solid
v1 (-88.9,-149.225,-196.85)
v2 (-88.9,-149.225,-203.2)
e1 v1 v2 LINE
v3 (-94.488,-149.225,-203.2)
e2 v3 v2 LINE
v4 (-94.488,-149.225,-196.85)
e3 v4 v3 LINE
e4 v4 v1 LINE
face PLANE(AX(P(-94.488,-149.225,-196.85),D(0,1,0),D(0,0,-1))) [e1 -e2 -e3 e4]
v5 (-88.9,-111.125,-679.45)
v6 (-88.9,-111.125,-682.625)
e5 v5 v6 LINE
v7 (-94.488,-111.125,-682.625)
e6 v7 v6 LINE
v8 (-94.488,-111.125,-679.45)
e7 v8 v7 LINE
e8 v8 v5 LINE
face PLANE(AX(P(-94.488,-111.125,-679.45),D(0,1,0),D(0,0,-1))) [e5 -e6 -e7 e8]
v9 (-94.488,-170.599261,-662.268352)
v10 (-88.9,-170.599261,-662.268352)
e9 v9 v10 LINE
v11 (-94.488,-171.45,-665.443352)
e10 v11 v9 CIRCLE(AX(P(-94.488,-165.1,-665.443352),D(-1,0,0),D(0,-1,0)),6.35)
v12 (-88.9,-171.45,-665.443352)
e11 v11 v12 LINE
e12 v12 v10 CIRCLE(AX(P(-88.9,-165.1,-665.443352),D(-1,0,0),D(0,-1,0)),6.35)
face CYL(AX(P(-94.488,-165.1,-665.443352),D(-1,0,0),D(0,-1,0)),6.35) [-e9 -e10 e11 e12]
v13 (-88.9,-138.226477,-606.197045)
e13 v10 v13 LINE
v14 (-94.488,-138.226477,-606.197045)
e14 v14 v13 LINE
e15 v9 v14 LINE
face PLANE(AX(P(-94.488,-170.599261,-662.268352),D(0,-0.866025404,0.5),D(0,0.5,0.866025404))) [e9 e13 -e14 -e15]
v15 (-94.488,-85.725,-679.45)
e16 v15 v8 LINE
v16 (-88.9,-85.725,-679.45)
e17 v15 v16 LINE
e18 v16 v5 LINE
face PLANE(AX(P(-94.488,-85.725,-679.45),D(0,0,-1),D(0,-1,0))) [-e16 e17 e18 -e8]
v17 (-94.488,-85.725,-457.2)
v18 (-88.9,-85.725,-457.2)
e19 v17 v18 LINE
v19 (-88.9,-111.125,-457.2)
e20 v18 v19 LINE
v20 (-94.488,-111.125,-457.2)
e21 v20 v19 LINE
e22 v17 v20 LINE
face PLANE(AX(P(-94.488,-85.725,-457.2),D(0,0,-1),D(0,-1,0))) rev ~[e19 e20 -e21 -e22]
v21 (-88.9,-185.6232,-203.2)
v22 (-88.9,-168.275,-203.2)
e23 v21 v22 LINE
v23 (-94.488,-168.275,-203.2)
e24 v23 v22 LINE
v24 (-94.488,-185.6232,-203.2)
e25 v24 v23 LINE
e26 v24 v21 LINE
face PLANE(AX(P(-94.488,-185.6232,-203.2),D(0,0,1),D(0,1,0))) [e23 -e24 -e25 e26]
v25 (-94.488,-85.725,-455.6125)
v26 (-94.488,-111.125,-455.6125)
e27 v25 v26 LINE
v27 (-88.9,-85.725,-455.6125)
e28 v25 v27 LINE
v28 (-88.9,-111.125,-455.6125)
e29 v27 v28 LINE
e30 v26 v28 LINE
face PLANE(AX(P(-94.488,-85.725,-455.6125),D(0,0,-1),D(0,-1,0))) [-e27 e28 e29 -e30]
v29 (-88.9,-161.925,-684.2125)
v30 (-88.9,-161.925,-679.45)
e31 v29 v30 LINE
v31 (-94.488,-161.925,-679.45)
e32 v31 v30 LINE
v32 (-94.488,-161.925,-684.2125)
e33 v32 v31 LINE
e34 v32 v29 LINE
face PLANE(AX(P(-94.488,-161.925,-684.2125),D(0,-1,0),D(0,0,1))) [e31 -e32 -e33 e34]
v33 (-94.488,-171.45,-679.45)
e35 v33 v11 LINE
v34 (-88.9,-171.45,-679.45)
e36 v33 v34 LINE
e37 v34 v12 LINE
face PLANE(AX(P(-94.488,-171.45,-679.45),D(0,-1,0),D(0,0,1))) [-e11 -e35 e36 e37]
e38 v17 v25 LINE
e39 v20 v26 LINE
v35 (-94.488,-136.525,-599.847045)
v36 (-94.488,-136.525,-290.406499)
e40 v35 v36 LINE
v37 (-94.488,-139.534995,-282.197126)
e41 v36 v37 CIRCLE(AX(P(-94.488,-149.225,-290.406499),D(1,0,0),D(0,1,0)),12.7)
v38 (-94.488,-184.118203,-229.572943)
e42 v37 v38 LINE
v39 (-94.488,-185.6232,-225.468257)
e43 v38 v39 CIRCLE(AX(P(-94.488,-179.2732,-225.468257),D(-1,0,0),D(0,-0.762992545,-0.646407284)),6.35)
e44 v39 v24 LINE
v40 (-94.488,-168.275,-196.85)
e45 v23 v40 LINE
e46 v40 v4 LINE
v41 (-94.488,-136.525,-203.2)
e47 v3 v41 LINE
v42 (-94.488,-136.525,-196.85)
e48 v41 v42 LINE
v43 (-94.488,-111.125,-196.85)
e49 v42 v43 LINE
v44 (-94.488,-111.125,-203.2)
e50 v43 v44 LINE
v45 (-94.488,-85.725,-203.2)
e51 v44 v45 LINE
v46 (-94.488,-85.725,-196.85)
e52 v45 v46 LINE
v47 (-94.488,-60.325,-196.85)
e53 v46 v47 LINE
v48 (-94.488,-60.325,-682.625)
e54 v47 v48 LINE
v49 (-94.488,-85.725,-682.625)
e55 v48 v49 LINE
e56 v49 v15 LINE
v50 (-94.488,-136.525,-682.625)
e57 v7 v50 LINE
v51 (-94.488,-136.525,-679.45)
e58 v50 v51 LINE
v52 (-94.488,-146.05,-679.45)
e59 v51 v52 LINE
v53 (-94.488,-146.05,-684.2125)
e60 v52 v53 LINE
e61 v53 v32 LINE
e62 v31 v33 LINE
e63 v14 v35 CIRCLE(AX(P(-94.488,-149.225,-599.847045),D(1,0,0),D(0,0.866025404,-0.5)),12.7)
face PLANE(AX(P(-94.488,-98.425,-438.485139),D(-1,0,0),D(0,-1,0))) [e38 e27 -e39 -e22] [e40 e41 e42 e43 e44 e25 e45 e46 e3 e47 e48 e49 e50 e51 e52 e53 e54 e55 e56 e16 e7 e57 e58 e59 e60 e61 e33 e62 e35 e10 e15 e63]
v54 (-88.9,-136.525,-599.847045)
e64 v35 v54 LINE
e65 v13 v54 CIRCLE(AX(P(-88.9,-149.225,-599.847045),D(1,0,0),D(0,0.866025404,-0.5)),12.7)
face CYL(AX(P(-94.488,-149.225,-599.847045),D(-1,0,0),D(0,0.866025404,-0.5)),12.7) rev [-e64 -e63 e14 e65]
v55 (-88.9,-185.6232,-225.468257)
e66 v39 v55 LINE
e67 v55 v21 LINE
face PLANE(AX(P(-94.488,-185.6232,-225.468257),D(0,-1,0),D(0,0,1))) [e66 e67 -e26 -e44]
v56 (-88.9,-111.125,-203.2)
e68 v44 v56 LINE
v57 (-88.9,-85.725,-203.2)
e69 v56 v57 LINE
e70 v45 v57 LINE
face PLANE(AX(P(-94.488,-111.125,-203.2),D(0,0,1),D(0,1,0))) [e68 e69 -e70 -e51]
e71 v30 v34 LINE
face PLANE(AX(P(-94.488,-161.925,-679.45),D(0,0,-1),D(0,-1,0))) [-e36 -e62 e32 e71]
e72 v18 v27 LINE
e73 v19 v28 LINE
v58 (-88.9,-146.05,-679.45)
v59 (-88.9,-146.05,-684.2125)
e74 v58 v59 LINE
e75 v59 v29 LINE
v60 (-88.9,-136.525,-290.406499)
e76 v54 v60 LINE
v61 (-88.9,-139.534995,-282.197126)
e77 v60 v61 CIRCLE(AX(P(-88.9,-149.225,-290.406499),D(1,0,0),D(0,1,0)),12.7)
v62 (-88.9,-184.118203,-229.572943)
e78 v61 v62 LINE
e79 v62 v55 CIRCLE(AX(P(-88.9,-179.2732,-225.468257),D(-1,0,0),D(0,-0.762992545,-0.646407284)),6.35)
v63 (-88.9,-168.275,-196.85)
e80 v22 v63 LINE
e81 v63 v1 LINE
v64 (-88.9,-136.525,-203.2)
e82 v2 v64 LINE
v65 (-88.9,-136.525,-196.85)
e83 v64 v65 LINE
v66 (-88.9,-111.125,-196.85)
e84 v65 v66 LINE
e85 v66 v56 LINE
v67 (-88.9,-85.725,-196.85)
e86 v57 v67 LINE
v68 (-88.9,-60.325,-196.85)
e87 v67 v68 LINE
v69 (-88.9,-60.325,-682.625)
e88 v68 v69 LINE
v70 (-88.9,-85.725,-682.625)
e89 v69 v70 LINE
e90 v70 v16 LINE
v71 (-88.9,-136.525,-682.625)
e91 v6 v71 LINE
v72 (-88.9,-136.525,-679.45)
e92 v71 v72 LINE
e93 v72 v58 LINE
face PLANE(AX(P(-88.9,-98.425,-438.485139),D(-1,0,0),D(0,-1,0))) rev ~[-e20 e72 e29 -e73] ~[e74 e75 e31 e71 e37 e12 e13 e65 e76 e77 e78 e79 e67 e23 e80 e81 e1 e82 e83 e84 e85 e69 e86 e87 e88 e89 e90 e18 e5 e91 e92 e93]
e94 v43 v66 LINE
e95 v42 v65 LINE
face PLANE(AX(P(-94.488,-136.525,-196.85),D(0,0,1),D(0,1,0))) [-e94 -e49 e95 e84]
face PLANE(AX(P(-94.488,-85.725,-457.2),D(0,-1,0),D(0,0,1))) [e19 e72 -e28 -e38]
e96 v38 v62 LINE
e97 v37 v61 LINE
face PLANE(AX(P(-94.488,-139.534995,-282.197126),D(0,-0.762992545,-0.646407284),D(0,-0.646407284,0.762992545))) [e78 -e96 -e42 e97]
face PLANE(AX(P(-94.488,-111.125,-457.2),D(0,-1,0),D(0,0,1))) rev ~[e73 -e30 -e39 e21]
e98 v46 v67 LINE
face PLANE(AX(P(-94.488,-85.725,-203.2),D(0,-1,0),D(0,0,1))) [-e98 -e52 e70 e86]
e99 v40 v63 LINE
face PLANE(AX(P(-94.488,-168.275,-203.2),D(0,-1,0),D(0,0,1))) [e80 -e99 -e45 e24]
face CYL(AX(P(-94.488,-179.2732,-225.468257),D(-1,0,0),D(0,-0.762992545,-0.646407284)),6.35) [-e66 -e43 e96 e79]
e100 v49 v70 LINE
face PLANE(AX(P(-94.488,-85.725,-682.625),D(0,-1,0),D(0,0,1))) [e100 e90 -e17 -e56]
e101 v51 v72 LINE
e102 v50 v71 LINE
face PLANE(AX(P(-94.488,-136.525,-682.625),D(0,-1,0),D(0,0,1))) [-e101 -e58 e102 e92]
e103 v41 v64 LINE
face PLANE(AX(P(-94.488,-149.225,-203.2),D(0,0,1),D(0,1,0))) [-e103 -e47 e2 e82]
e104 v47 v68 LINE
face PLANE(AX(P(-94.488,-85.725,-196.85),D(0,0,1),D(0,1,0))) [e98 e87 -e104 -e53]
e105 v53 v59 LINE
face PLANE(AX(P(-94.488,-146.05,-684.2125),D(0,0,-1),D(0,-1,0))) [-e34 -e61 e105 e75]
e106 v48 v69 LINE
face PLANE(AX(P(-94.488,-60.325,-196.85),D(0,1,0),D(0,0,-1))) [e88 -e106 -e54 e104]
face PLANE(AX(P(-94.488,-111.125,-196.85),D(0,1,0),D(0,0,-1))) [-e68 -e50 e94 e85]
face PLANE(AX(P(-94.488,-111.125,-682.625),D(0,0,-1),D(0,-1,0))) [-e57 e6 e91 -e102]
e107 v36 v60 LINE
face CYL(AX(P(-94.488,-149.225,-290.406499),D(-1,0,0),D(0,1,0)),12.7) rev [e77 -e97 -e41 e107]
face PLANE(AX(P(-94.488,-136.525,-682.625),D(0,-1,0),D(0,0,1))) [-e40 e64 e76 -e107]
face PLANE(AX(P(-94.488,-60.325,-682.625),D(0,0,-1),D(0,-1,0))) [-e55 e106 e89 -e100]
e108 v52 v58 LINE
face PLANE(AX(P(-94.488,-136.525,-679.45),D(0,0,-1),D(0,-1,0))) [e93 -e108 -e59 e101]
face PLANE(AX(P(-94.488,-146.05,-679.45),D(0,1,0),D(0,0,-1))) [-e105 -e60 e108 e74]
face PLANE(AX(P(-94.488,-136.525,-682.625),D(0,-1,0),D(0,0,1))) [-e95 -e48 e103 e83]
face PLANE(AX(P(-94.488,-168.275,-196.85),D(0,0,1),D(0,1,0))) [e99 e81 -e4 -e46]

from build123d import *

# Parameters (mm, degrees)
SKETCH1_W           = 25.4
SKETCH1_H           = 1.5875
BOSS_EXTRUDE1_DEPTH = 5.588


with BuildPart() as part:
    # Sketch1 → Boss-Extrude1 (new body)
    # profile 1 of 3: a face of its own
    with BuildSketch(Plane(origin=(-94.488, 0, 0), x_dir=(0, -1, 0), z_dir=(-1, 0, 0))):
        Polygon((136.525, -196.85), (111.125, -196.85), (111.125, -203.2), (85.725, -203.2), (85.725, -196.85), (60.325, -196.85), (60.325, -682.625), (85.725, -682.625), (85.725, -679.45), (111.125, -679.45), (111.125, -682.625), (136.525, -682.625), align=None)
        with Locations((98.425, -456.40625)):
            Rectangle(SKETCH1_W, SKETCH1_H, mode=Mode.SUBTRACT)
    # profile 2 of 3: a face of its own
    with BuildSketch(Plane(origin=(-94.488, 0, 0), x_dir=(0, -1, 0), z_dir=(-1, 0, 0))):
        with BuildLine():
            Line((149.225, -203.2), (136.525, -203.2))
            Line((136.525, -203.2), (136.525, -290.406498707))
            ThreePointArc((136.525, -290.406498707), (137.30121982, -286.034603668), (139.534994681, -282.197126202))
            Line((139.534994681, -282.197126202), (184.118202659, -229.57294303))
            ThreePointArc((184.118202659, -229.57294303), (185.23509009, -227.654204297), (185.6232, -225.468256778))
            Line((185.6232, -225.468256778), (185.6232, -203.2))
            Line((185.6232, -203.2), (168.275, -203.2))
            Line((168.275, -203.2), (168.275, -196.85))
            Line((168.275, -196.85), (149.225, -196.85))
            Line((149.225, -196.85), (149.225, -203.2))
        make_face()
    # profile 3 of 3: a face of its own
    with BuildSketch(Plane(origin=(-94.488, 0, 0), x_dir=(0, -1, 0), z_dir=(-1, 0, 0))):
        with BuildLine():
            ThreePointArc((138.226477372, -606.197045256), (136.957742006, -603.134047129), (136.525, -599.847045256))
            Line((136.525, -599.847045256), (136.525, -679.45))
            Line((136.525, -679.45), (146.05, -679.45))
            Line((146.05, -679.45), (146.05, -684.2125))
            Line((146.05, -684.2125), (161.925, -684.2125))
            Line((161.925, -684.2125), (161.925, -679.45))
            Line((161.925, -679.45), (171.45, -679.45))
            Line((171.45, -679.45), (171.45, -665.443351826))
            ThreePointArc((171.45, -665.443351826), (171.233628997, -663.79985089), (170.599261314, -662.268351826))
            Line((170.599261314, -662.268351826), (138.226477372, -606.197045256))
        make_face()
    extrude(amount=-BOSS_EXTRUDE1_DEPTH)


solid = part.part
